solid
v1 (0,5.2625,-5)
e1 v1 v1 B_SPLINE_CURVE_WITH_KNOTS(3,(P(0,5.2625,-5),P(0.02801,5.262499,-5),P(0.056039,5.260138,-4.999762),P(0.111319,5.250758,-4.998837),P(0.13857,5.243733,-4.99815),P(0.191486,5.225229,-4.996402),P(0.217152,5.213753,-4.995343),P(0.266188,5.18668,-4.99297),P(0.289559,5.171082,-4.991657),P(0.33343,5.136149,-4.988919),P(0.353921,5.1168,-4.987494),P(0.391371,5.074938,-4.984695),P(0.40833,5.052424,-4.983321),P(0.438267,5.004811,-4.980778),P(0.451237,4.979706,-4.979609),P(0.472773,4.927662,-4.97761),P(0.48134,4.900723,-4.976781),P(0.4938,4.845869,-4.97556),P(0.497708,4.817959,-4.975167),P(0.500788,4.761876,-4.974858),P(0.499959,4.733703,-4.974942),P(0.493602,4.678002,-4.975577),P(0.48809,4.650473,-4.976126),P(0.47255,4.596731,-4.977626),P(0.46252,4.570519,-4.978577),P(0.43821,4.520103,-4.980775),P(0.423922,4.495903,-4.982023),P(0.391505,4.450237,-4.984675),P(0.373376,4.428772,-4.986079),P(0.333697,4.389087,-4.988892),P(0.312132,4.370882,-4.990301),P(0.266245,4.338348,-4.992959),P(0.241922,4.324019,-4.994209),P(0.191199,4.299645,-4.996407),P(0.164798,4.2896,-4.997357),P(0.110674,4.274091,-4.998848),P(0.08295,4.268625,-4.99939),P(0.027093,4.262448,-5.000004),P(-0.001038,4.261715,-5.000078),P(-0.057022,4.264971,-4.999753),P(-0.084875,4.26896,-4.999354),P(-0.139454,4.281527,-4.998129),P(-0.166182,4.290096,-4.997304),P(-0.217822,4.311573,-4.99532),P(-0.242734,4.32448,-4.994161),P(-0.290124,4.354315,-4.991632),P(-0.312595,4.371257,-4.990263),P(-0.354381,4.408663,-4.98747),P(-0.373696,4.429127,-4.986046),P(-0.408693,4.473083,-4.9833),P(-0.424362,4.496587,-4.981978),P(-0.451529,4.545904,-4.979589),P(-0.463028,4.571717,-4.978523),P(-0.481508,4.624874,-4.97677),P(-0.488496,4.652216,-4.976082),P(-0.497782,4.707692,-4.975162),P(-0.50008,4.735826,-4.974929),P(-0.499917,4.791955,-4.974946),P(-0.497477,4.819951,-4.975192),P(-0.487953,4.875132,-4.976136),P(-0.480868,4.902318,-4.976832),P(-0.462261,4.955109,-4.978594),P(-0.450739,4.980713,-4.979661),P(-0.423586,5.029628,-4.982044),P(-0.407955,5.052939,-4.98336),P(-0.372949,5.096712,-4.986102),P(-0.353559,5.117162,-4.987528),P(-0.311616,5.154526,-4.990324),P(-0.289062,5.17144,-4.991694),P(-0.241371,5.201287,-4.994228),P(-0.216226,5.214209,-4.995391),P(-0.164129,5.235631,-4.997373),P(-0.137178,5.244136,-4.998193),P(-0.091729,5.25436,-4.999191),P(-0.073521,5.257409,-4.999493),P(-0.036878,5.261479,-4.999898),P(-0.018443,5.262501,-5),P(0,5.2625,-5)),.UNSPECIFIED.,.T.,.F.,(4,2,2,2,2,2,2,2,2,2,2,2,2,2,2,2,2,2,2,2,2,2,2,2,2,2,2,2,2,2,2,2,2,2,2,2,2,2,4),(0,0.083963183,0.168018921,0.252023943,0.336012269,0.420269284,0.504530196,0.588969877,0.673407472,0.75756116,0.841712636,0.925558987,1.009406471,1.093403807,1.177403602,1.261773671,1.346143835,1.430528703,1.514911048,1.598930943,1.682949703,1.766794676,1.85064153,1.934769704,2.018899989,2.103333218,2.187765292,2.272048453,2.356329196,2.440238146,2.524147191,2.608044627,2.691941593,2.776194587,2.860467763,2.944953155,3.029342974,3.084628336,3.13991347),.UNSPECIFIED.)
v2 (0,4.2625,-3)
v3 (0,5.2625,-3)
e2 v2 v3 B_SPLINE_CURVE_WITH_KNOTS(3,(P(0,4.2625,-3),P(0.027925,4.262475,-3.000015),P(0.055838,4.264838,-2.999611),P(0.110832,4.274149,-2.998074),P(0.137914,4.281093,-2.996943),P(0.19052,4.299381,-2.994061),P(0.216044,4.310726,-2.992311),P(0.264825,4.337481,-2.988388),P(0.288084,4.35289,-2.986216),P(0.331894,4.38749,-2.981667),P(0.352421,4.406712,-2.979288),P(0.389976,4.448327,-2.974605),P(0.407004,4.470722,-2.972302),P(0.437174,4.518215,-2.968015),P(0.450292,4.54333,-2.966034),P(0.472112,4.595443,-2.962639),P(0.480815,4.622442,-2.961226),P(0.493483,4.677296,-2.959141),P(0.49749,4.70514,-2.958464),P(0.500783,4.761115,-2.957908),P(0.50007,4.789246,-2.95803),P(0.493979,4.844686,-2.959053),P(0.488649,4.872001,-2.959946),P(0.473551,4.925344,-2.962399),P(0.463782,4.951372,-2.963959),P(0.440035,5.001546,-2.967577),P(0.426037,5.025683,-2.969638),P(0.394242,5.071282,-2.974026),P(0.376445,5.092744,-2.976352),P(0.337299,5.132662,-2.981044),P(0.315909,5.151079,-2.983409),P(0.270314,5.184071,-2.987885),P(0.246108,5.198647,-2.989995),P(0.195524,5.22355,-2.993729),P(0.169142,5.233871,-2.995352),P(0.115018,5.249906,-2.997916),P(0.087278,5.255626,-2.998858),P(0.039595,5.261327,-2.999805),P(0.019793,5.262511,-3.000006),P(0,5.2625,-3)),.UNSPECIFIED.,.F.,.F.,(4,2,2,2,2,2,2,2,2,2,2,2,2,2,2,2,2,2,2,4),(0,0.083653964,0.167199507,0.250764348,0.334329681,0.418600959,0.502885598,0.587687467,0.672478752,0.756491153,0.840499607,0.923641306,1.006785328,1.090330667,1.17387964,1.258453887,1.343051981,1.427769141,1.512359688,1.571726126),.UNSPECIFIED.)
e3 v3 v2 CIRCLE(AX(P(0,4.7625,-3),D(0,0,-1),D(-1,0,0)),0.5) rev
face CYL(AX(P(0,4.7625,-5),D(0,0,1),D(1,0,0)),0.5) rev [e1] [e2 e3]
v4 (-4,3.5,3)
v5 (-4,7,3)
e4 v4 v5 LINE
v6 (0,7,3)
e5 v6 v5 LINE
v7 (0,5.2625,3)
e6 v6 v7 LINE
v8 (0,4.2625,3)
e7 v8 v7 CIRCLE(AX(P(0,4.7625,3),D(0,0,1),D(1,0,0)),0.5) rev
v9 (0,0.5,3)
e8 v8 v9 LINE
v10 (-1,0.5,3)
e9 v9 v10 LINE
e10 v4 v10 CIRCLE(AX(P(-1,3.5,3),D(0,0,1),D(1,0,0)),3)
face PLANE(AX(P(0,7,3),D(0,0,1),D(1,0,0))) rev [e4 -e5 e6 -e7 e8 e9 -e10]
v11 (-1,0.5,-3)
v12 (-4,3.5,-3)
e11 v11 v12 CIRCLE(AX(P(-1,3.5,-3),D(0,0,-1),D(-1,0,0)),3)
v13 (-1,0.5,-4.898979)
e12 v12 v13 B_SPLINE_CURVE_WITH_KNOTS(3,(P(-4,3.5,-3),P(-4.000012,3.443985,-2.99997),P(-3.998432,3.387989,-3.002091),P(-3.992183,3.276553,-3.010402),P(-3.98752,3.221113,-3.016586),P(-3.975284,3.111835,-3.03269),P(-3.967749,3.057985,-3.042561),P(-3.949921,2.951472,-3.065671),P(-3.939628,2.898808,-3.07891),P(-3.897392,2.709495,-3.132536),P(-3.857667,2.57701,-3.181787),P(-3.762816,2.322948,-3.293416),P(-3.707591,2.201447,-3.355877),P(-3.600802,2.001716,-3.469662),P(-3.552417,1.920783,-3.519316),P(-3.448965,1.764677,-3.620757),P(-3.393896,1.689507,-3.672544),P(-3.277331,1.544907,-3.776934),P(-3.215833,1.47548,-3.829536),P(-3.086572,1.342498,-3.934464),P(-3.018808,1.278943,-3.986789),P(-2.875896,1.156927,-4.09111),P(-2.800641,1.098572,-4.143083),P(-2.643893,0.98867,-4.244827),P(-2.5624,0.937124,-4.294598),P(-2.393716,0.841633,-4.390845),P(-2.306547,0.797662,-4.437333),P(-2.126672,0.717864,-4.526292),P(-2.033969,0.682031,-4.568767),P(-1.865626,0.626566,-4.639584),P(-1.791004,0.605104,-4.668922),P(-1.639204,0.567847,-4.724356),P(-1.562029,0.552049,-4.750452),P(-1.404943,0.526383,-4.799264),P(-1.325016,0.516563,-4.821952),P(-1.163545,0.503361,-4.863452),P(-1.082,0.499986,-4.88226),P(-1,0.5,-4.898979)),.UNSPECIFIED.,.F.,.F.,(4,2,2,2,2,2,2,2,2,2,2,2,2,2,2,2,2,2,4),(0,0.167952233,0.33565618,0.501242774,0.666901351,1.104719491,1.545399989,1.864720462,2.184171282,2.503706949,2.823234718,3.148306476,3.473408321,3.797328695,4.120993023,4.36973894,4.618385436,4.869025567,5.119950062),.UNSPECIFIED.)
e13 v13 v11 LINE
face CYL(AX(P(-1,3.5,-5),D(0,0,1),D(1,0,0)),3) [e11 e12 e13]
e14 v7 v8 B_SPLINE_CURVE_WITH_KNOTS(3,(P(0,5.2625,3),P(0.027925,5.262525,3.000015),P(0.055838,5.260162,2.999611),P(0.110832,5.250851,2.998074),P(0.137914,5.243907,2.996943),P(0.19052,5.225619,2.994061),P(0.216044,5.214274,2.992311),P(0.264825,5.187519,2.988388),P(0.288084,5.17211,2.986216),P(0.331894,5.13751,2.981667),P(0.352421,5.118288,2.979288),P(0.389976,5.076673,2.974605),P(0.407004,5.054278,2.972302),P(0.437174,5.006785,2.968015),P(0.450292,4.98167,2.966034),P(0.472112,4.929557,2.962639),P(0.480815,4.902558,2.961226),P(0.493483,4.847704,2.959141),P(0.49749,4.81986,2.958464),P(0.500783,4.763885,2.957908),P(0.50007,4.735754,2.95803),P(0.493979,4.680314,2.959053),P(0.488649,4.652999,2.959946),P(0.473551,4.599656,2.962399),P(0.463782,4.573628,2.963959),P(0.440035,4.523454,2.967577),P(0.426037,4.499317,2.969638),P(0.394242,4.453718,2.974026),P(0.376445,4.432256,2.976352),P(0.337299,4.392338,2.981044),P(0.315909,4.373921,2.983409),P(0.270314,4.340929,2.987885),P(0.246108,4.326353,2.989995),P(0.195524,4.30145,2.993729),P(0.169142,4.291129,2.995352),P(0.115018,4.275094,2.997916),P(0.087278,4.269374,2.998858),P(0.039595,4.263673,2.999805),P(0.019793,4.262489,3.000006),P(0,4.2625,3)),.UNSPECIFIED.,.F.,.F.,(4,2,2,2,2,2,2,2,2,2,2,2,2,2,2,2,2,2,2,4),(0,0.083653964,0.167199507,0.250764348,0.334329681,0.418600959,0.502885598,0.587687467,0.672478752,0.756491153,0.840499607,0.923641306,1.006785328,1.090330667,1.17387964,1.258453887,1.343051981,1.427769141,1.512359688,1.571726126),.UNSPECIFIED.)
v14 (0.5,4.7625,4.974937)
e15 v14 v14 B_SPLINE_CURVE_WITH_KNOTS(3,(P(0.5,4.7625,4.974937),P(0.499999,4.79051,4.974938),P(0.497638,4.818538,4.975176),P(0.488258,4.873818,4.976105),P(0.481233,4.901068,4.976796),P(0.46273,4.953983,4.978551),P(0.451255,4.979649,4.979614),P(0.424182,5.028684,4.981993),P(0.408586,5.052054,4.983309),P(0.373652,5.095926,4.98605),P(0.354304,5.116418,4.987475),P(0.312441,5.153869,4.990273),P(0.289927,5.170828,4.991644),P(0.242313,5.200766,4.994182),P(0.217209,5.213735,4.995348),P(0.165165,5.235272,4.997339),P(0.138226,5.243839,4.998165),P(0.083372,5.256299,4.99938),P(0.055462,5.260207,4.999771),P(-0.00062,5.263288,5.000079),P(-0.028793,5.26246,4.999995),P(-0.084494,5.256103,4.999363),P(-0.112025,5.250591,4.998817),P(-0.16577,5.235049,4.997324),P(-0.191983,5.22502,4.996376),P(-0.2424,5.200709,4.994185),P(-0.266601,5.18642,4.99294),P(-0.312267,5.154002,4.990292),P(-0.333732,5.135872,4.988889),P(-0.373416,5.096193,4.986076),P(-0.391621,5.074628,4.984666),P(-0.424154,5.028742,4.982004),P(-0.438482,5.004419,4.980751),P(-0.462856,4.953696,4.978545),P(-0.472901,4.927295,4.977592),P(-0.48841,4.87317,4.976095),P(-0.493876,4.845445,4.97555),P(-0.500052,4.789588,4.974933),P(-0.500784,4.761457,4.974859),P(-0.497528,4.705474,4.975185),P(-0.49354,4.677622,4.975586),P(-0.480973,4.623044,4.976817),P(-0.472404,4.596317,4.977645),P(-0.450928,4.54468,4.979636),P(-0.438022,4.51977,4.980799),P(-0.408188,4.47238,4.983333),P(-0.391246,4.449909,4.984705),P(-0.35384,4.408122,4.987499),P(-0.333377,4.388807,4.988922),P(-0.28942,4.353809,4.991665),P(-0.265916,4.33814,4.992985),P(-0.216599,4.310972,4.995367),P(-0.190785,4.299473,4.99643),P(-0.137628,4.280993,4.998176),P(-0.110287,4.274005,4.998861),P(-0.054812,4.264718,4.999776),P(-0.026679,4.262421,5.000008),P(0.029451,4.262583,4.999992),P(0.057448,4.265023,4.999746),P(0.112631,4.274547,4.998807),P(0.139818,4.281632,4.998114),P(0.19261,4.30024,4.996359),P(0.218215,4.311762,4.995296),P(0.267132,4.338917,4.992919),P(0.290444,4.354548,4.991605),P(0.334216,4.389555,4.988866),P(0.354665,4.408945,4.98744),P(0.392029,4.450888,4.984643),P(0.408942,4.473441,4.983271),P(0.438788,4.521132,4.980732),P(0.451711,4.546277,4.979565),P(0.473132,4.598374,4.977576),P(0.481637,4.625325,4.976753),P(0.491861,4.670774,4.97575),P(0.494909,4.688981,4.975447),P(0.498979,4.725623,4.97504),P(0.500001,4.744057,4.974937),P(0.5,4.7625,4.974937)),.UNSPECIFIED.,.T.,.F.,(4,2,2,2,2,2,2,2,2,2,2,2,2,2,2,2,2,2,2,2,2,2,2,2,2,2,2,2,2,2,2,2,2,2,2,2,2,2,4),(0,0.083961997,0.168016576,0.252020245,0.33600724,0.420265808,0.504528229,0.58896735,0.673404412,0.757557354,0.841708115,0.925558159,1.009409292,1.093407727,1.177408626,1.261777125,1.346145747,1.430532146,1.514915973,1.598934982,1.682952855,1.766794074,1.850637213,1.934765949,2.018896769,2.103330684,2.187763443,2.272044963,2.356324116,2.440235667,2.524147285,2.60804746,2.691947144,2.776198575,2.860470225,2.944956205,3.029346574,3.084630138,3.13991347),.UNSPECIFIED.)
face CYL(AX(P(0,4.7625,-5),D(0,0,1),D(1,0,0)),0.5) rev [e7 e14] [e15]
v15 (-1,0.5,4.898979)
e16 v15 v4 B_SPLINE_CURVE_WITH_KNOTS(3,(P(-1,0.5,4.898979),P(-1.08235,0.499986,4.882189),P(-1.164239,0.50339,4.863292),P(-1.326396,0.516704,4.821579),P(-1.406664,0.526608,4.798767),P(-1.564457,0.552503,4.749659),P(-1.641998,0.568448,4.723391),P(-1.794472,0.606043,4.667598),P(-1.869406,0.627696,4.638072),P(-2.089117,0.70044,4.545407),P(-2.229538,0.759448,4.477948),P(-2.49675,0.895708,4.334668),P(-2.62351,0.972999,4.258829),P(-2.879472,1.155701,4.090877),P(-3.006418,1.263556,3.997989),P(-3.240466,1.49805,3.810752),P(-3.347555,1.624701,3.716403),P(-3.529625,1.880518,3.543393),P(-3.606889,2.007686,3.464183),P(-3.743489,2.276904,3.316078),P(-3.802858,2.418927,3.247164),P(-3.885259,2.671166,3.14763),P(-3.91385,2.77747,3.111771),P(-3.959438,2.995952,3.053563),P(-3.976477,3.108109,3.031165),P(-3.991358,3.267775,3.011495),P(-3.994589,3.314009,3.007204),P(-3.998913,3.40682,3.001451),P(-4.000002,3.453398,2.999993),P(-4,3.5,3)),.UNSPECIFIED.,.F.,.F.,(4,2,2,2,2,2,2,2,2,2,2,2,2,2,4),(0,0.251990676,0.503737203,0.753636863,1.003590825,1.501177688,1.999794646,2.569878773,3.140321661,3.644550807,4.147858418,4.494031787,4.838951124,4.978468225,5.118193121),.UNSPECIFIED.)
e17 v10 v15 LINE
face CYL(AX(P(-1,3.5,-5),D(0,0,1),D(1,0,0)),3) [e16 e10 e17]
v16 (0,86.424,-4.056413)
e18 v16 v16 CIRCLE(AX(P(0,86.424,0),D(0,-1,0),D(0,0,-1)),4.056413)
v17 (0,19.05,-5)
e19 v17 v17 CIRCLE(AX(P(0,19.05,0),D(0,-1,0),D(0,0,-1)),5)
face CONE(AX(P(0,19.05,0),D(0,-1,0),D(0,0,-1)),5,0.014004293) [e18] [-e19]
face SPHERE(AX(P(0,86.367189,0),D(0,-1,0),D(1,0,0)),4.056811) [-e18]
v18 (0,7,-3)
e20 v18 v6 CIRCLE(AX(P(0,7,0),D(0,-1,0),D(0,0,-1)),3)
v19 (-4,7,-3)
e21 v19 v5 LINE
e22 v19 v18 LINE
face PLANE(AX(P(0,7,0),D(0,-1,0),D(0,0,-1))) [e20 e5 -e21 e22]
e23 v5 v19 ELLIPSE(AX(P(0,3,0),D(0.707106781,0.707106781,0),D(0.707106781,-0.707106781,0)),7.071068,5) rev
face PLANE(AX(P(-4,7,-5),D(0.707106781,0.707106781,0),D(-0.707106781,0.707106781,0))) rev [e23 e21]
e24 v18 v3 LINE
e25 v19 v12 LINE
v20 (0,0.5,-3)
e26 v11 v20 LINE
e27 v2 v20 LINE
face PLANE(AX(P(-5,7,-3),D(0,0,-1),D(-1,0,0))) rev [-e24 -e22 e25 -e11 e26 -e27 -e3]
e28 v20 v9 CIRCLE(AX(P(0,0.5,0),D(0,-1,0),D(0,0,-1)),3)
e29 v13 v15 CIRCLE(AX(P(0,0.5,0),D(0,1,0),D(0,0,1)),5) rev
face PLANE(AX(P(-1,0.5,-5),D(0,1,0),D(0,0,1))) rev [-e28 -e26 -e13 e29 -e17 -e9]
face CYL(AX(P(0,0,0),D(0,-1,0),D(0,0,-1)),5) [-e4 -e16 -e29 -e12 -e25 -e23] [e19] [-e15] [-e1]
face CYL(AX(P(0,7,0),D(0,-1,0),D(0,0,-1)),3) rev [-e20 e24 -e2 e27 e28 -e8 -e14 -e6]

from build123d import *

# Parameters (mm, degrees)
CUT_EXTRUDE1_DEPTH      = 91.700053892
CUT_EXTRUDE1_DEPTH_BACK = 91.700053892
CUT_EXTRUDE2_DEPTH      = 91.700053903
CUT_EXTRUDE2_DEPTH_BACK = 91.700053903
SKETCH7_R               = 0.5
CUT_EXTRUDE3_DEPTH      = 6.5


with BuildPart() as part:
    # Sketch2 → Revolve1 (revolve)
    with BuildSketch(Plane.XY, mode=Mode.PRIVATE) as revolve1_sk:
        with BuildLine():
            Line((0, 0), (5, 0))
            Line((5, 0), (5, 19.05))
            Line((5, 19.05), (4.056413105, 86.424))
            ThreePointArc((4.056413105, 86.424), (2.848441999, 89.255803453), (0, 90.424))
            Line((0, 90.424), (0, 0))
        make_face()
    revolve(revolve1_sk.sketch.rotate(Axis((0, 0, 0), (0, 1, 0)), 90), axis=Axis((0, 0, 0), (0, 1, 0)))

    # Sketch6 → Cut-Extrude1 (cut, two sides: drawn at the far end of the back side and taken through both)
    with BuildSketch(Plane.XY.offset(-CUT_EXTRUDE1_DEPTH_BACK)):
        with BuildLine():
            Line((-4, 3.5), (-4, 7))
            Line((-4, 7), (-5, 8))
            Line((-5, 8), (-5, 0))
            Line((-5, 0), (5, 0))
            Line((5, 0), (5, 0.5))
            Line((5, 0.5), (-1, 0.5))
            ThreePointArc((-1, 0.5), (-3.121320344, 1.378679656), (-4, 3.5))
        make_face()
    extrude(amount=CUT_EXTRUDE1_DEPTH + CUT_EXTRUDE1_DEPTH_BACK, mode=Mode.SUBTRACT)

    # Sketch7 → Cut-Extrude2 (cut, two sides: drawn at the far end of the back side and taken through both)
    with BuildSketch(Plane.XY.offset(-CUT_EXTRUDE2_DEPTH_BACK)):
        with Locations((0, 4.7625)):
            Circle(SKETCH7_R)
    extrude(amount=CUT_EXTRUDE2_DEPTH + CUT_EXTRUDE2_DEPTH_BACK, mode=Mode.SUBTRACT)

    # Sketch8 → Cut-Extrude3 (cut)
    with BuildSketch(Plane.XZ.offset(-0.5)):
        with BuildLine():
            Line((0, 3), (-5, 3))
            Line((-5, 3), (-5, -3))
            Line((-5, -3), (0, -3))
            ThreePointArc((0, -3), (3, 0), (0, 3))
        make_face()
    extrude(amount=-CUT_EXTRUDE3_DEPTH, mode=Mode.SUBTRACT)


solid = part.part
